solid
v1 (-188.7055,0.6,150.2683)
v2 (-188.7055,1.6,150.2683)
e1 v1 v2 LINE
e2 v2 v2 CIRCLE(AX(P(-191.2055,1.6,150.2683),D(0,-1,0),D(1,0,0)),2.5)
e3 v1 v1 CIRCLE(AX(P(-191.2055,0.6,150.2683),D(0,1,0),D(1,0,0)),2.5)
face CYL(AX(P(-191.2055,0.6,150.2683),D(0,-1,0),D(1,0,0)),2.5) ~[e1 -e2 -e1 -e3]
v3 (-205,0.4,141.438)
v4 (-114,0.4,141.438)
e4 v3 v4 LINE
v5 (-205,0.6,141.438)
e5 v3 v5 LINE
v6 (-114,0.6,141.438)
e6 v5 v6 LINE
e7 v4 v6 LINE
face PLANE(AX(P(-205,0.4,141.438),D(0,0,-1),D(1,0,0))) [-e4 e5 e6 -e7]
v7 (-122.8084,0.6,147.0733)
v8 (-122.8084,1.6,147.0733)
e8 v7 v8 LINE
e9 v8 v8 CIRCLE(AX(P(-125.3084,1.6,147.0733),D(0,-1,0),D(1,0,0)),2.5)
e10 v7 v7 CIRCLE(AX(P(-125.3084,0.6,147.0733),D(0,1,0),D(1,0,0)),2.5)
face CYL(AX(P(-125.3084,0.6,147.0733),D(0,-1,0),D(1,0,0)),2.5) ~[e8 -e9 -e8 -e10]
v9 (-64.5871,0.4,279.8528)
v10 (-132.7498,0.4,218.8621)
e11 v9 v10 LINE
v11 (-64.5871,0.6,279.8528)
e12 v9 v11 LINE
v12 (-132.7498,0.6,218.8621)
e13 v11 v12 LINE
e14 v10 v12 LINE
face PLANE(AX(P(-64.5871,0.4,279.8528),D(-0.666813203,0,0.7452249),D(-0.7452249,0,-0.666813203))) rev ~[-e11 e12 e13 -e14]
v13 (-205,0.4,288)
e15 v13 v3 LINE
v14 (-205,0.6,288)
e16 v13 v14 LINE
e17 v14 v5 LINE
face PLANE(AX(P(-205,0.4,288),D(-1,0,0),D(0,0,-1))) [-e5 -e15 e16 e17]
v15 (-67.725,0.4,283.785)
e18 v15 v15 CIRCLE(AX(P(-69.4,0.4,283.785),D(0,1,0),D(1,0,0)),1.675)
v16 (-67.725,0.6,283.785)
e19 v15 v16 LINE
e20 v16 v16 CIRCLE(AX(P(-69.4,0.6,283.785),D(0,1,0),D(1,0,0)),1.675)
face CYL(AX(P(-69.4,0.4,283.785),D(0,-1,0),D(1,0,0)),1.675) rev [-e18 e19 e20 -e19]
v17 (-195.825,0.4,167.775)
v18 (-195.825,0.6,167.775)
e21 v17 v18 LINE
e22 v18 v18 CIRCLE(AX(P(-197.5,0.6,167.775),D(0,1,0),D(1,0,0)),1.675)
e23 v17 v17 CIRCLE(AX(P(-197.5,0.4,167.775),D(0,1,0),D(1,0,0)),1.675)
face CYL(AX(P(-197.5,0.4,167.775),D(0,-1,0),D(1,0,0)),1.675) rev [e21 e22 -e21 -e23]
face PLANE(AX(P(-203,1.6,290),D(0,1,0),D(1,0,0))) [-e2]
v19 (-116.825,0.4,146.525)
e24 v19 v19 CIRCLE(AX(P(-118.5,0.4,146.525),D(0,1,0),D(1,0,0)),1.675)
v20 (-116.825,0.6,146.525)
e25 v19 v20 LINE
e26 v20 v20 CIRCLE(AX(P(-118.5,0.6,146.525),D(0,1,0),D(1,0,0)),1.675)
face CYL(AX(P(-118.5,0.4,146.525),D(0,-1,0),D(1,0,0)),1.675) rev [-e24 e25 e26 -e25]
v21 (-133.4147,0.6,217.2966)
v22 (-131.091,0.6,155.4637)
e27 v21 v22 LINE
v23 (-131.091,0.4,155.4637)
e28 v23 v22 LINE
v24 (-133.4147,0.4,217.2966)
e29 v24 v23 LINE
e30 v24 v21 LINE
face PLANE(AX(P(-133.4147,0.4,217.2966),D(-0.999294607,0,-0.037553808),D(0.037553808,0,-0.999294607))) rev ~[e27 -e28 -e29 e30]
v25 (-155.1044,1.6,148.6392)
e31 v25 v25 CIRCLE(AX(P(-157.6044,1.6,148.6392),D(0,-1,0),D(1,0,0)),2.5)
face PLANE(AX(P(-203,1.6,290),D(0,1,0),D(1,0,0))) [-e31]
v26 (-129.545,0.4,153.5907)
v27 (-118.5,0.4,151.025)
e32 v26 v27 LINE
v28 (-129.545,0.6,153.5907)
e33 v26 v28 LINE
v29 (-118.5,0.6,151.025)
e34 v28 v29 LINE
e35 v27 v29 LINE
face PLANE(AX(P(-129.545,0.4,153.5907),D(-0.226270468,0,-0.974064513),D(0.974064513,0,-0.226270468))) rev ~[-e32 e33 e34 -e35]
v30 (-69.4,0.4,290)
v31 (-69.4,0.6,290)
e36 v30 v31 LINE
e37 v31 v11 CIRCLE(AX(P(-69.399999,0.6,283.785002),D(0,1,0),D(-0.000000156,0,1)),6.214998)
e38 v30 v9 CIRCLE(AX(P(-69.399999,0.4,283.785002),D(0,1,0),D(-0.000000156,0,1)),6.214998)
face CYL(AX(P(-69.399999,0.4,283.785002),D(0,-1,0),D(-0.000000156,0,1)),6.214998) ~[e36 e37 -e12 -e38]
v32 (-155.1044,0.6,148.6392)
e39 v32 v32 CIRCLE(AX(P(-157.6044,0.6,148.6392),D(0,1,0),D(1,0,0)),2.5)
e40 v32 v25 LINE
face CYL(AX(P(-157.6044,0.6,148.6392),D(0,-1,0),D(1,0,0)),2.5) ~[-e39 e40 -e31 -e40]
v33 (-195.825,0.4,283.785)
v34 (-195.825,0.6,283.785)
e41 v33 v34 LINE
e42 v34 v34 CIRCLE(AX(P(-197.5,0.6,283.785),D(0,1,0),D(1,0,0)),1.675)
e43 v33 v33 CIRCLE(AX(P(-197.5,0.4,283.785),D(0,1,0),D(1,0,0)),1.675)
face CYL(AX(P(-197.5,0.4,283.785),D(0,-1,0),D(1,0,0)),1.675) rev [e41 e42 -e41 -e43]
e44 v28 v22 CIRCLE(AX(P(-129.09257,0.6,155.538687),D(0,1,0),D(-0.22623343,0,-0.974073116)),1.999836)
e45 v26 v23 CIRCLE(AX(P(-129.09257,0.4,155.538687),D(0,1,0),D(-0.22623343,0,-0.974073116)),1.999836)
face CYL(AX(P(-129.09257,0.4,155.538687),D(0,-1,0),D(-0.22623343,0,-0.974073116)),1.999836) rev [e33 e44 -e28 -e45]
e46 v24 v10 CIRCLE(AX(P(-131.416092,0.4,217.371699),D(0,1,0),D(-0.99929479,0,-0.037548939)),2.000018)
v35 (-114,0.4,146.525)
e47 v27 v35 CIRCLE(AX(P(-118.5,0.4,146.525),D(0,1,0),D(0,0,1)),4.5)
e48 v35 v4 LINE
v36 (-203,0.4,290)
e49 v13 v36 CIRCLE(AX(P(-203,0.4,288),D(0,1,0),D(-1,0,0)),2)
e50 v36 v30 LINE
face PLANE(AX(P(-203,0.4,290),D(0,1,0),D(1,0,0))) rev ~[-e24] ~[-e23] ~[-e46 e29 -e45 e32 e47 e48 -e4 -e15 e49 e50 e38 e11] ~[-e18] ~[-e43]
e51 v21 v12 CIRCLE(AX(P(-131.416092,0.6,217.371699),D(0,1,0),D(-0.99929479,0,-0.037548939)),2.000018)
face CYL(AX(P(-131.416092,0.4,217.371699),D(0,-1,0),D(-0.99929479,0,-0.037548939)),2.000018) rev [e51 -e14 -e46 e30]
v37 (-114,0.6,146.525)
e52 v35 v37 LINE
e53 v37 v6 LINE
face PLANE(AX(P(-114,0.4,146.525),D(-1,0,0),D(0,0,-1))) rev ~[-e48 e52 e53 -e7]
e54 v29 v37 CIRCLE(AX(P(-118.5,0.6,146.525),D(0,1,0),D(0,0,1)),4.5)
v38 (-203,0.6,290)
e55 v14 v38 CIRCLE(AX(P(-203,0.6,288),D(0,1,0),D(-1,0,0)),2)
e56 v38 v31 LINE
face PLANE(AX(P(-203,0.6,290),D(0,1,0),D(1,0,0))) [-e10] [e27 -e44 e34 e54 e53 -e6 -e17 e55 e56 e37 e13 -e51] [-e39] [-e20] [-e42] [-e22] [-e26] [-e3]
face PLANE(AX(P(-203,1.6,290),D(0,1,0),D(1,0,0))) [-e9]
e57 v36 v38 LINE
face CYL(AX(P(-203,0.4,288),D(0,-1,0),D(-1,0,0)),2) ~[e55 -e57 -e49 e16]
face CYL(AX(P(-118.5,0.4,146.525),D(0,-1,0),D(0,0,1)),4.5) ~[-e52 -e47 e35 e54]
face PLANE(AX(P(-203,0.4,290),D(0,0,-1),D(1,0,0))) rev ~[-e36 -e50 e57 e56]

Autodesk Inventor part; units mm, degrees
ref_plane "YZ Plane" through (0, 0, 0) normal (1, 0, 0) x (0, 1, 0)
ref_plane "Work Plane1" through (-203, 0.4, 290) normal (0, 1, 0) x (1, 0, 0)
sketch "Sketch1" plane through (-203, 0.4, 290) normal (0, 1, 0) x (1, 0, 0)
  arc A0 (133.6, 0) -> (138.4129, 10.1472) centre (133.6, 6.215) ccw projected
  circle A1 centre (133.6, 6.215) radius 1.675 projected
  circle A2 centre (133.6, 6.215) radius 1.675 projected
  circle A3 centre (133.6, 6.215) radius 1.675 projected
  circle A4 centre (133.6, 6.215) radius 1.675 projected
  arc A5 (133.6, 0) -> (138.4129, 10.1472) centre (133.6, 6.215) ccw projected
  arc A6 (133.6, 0) -> (138.4129, 10.1472) centre (133.6, 6.215) ccw projected
  arc A7 (133.6, 0) -> (138.4129, 10.1472) centre (133.6, 6.215) ccw projected
  circle A8 centre (84.5, 143.475) radius 1.675 projected
  arc A9 (84.5, 138.975) -> (89, 143.475) centre (84.5, 143.475) ccw projected
  arc A10 (73.455, 136.4093) -> (71.909, 134.5363) centre (73.9075, 134.4612) ccw projected
  arc A11 (73.455, 136.4093) -> (71.909, 134.5363) centre (73.9075, 134.4612) ccw projected
  circle A12 centre (5.5, 122.225) radius 1.675 projected
  circle A13 centre (5.5, 122.225) radius 1.675 projected
  circle A14 centre (5.5, 122.225) radius 1.675 projected
  circle A15 centre (5.5, 122.225) radius 1.675 projected
  line L0 (69.5853, 72.7034) -> (71.909, 134.5363) projected
  line L1 (69.5853, 72.7034) -> (71.909, 134.5363) projected
  line L2 (69.5853, 72.7034) -> (71.909, 134.5363) projected
  line L3 (69.5853, 72.7034) -> (71.909, 134.5363) projected
  circle A16 centre (5.5, 6.215) radius 1.675 projected
  line L4 (0, 0) -> (133.6, 0) projected
  line L5 (0, 0) -> (133.6, 0) projected
  line L6 (0, 0) -> (133.6, 0) projected
  line L7 (0, 0) -> (133.6, 0) projected
  line L8 (138.4129, 10.1472) -> (70.2502, 71.1379) projected
  line L9 (138.4129, 10.1472) -> (70.2502, 71.1379) projected
  line L10 (138.4129, 10.1472) -> (70.2502, 71.1379) projected
  line L11 (138.4129, 10.1472) -> (70.2502, 71.1379) projected
  arc A17 (73.455, 136.4093) -> (71.909, 134.5363) centre (73.9075, 134.4612) ccw projected
  arc A18 (73.455, 136.4093) -> (71.909, 134.5363) centre (73.9075, 134.4612) ccw projected
  circle A19 centre (5.5, 6.215) radius 1.675 projected
  arc A20 (-2, 2) -> (0, 0) centre (0, 2) ccw projected
  arc A21 (-2, 2) -> (0, 0) centre (0, 2) ccw projected
  arc A22 (-2, 2) -> (0, 0) centre (0, 2) ccw projected
  arc A23 (-2, 2) -> (0, 0) centre (0, 2) ccw projected
  circle A24 centre (5.5, 6.215) radius 1.675 projected
  circle A25 centre (5.5, 6.215) radius 1.675 projected
  arc A26 (69.5853, 72.7034) -> (70.2502, 71.1379) centre (71.5839, 72.6283) ccw projected
  arc A27 (69.5853, 72.7034) -> (70.2502, 71.1379) centre (71.5839, 72.6283) ccw projected
  arc A28 (69.5853, 72.7034) -> (70.2502, 71.1379) centre (71.5839, 72.6283) ccw projected
  arc A29 (69.5853, 72.7034) -> (70.2502, 71.1379) centre (71.5839, 72.6283) ccw projected
  arc A30 (84.5, 138.975) -> (89, 143.475) centre (84.5, 143.475) ccw projected
  circle A31 centre (84.5, 143.475) radius 1.675 projected
  circle A32 centre (84.5, 143.475) radius 1.675 projected
  circle A33 centre (84.5, 143.475) radius 1.675 projected
  arc A34 (84.5, 138.975) -> (89, 143.475) centre (84.5, 143.475) ccw projected
  arc A35 (84.5, 138.975) -> (89, 143.475) centre (84.5, 143.475) ccw projected
  line L12 (73.455, 136.4093) -> (84.5, 138.975) projected
  line L13 (73.455, 136.4093) -> (84.5, 138.975) projected
  line L14 (73.455, 136.4093) -> (84.5, 138.975) projected
  line L15 (73.455, 136.4093) -> (84.5, 138.975) projected
  line L16 (-2, 2) -> (-2, 148.562)
  line L17 (-2, 272.9952) -> (-2, 2) projected
  line L18 (-2, 148.562) -> (89, 148.562)
  line L19 (89, 143.475) -> (89, 199.525) projected
  line L20 (89, 148.562) -> (89, 143.475)
  point P0 (203, 290)
  point P1 (-2, 2)
extrude "Extrusion1" add sketch "Sketch1" along normal blind 0.2
ref_plane "Work Plane2" through (-203, 0.6, 290) normal (0, 1, 0) x (1, 0, 0)
sketch "Sketch2" plane through (-203, 0.6, 290) normal (0, 1, 0) x (1, 0, 0)
  line L0 (-2, 272.9952) -> (-2, 2) projected
  arc A0 (84.5, 138.975) -> (89, 143.475) centre (84.5, 143.475) ccw projected
  line L1 (-2, 139.0629) -> (89, 143.475)
  circle A1 centre (11.7945, 139.7317) radius 2.5
  circle A2 centre (77.6916, 142.9267) radius 2.5
  circle A3 centre (45.3956, 141.3608) radius 2.5
  point P0 (203, 290)
  dimension "d3" = 5
  dimension "d6" = 5
  dimension "d7" = 5
extrude "Extrusion2" add sketch "Sketch2" along normal blind 1
properties part number "base_main_pcb_p1_itr2"
